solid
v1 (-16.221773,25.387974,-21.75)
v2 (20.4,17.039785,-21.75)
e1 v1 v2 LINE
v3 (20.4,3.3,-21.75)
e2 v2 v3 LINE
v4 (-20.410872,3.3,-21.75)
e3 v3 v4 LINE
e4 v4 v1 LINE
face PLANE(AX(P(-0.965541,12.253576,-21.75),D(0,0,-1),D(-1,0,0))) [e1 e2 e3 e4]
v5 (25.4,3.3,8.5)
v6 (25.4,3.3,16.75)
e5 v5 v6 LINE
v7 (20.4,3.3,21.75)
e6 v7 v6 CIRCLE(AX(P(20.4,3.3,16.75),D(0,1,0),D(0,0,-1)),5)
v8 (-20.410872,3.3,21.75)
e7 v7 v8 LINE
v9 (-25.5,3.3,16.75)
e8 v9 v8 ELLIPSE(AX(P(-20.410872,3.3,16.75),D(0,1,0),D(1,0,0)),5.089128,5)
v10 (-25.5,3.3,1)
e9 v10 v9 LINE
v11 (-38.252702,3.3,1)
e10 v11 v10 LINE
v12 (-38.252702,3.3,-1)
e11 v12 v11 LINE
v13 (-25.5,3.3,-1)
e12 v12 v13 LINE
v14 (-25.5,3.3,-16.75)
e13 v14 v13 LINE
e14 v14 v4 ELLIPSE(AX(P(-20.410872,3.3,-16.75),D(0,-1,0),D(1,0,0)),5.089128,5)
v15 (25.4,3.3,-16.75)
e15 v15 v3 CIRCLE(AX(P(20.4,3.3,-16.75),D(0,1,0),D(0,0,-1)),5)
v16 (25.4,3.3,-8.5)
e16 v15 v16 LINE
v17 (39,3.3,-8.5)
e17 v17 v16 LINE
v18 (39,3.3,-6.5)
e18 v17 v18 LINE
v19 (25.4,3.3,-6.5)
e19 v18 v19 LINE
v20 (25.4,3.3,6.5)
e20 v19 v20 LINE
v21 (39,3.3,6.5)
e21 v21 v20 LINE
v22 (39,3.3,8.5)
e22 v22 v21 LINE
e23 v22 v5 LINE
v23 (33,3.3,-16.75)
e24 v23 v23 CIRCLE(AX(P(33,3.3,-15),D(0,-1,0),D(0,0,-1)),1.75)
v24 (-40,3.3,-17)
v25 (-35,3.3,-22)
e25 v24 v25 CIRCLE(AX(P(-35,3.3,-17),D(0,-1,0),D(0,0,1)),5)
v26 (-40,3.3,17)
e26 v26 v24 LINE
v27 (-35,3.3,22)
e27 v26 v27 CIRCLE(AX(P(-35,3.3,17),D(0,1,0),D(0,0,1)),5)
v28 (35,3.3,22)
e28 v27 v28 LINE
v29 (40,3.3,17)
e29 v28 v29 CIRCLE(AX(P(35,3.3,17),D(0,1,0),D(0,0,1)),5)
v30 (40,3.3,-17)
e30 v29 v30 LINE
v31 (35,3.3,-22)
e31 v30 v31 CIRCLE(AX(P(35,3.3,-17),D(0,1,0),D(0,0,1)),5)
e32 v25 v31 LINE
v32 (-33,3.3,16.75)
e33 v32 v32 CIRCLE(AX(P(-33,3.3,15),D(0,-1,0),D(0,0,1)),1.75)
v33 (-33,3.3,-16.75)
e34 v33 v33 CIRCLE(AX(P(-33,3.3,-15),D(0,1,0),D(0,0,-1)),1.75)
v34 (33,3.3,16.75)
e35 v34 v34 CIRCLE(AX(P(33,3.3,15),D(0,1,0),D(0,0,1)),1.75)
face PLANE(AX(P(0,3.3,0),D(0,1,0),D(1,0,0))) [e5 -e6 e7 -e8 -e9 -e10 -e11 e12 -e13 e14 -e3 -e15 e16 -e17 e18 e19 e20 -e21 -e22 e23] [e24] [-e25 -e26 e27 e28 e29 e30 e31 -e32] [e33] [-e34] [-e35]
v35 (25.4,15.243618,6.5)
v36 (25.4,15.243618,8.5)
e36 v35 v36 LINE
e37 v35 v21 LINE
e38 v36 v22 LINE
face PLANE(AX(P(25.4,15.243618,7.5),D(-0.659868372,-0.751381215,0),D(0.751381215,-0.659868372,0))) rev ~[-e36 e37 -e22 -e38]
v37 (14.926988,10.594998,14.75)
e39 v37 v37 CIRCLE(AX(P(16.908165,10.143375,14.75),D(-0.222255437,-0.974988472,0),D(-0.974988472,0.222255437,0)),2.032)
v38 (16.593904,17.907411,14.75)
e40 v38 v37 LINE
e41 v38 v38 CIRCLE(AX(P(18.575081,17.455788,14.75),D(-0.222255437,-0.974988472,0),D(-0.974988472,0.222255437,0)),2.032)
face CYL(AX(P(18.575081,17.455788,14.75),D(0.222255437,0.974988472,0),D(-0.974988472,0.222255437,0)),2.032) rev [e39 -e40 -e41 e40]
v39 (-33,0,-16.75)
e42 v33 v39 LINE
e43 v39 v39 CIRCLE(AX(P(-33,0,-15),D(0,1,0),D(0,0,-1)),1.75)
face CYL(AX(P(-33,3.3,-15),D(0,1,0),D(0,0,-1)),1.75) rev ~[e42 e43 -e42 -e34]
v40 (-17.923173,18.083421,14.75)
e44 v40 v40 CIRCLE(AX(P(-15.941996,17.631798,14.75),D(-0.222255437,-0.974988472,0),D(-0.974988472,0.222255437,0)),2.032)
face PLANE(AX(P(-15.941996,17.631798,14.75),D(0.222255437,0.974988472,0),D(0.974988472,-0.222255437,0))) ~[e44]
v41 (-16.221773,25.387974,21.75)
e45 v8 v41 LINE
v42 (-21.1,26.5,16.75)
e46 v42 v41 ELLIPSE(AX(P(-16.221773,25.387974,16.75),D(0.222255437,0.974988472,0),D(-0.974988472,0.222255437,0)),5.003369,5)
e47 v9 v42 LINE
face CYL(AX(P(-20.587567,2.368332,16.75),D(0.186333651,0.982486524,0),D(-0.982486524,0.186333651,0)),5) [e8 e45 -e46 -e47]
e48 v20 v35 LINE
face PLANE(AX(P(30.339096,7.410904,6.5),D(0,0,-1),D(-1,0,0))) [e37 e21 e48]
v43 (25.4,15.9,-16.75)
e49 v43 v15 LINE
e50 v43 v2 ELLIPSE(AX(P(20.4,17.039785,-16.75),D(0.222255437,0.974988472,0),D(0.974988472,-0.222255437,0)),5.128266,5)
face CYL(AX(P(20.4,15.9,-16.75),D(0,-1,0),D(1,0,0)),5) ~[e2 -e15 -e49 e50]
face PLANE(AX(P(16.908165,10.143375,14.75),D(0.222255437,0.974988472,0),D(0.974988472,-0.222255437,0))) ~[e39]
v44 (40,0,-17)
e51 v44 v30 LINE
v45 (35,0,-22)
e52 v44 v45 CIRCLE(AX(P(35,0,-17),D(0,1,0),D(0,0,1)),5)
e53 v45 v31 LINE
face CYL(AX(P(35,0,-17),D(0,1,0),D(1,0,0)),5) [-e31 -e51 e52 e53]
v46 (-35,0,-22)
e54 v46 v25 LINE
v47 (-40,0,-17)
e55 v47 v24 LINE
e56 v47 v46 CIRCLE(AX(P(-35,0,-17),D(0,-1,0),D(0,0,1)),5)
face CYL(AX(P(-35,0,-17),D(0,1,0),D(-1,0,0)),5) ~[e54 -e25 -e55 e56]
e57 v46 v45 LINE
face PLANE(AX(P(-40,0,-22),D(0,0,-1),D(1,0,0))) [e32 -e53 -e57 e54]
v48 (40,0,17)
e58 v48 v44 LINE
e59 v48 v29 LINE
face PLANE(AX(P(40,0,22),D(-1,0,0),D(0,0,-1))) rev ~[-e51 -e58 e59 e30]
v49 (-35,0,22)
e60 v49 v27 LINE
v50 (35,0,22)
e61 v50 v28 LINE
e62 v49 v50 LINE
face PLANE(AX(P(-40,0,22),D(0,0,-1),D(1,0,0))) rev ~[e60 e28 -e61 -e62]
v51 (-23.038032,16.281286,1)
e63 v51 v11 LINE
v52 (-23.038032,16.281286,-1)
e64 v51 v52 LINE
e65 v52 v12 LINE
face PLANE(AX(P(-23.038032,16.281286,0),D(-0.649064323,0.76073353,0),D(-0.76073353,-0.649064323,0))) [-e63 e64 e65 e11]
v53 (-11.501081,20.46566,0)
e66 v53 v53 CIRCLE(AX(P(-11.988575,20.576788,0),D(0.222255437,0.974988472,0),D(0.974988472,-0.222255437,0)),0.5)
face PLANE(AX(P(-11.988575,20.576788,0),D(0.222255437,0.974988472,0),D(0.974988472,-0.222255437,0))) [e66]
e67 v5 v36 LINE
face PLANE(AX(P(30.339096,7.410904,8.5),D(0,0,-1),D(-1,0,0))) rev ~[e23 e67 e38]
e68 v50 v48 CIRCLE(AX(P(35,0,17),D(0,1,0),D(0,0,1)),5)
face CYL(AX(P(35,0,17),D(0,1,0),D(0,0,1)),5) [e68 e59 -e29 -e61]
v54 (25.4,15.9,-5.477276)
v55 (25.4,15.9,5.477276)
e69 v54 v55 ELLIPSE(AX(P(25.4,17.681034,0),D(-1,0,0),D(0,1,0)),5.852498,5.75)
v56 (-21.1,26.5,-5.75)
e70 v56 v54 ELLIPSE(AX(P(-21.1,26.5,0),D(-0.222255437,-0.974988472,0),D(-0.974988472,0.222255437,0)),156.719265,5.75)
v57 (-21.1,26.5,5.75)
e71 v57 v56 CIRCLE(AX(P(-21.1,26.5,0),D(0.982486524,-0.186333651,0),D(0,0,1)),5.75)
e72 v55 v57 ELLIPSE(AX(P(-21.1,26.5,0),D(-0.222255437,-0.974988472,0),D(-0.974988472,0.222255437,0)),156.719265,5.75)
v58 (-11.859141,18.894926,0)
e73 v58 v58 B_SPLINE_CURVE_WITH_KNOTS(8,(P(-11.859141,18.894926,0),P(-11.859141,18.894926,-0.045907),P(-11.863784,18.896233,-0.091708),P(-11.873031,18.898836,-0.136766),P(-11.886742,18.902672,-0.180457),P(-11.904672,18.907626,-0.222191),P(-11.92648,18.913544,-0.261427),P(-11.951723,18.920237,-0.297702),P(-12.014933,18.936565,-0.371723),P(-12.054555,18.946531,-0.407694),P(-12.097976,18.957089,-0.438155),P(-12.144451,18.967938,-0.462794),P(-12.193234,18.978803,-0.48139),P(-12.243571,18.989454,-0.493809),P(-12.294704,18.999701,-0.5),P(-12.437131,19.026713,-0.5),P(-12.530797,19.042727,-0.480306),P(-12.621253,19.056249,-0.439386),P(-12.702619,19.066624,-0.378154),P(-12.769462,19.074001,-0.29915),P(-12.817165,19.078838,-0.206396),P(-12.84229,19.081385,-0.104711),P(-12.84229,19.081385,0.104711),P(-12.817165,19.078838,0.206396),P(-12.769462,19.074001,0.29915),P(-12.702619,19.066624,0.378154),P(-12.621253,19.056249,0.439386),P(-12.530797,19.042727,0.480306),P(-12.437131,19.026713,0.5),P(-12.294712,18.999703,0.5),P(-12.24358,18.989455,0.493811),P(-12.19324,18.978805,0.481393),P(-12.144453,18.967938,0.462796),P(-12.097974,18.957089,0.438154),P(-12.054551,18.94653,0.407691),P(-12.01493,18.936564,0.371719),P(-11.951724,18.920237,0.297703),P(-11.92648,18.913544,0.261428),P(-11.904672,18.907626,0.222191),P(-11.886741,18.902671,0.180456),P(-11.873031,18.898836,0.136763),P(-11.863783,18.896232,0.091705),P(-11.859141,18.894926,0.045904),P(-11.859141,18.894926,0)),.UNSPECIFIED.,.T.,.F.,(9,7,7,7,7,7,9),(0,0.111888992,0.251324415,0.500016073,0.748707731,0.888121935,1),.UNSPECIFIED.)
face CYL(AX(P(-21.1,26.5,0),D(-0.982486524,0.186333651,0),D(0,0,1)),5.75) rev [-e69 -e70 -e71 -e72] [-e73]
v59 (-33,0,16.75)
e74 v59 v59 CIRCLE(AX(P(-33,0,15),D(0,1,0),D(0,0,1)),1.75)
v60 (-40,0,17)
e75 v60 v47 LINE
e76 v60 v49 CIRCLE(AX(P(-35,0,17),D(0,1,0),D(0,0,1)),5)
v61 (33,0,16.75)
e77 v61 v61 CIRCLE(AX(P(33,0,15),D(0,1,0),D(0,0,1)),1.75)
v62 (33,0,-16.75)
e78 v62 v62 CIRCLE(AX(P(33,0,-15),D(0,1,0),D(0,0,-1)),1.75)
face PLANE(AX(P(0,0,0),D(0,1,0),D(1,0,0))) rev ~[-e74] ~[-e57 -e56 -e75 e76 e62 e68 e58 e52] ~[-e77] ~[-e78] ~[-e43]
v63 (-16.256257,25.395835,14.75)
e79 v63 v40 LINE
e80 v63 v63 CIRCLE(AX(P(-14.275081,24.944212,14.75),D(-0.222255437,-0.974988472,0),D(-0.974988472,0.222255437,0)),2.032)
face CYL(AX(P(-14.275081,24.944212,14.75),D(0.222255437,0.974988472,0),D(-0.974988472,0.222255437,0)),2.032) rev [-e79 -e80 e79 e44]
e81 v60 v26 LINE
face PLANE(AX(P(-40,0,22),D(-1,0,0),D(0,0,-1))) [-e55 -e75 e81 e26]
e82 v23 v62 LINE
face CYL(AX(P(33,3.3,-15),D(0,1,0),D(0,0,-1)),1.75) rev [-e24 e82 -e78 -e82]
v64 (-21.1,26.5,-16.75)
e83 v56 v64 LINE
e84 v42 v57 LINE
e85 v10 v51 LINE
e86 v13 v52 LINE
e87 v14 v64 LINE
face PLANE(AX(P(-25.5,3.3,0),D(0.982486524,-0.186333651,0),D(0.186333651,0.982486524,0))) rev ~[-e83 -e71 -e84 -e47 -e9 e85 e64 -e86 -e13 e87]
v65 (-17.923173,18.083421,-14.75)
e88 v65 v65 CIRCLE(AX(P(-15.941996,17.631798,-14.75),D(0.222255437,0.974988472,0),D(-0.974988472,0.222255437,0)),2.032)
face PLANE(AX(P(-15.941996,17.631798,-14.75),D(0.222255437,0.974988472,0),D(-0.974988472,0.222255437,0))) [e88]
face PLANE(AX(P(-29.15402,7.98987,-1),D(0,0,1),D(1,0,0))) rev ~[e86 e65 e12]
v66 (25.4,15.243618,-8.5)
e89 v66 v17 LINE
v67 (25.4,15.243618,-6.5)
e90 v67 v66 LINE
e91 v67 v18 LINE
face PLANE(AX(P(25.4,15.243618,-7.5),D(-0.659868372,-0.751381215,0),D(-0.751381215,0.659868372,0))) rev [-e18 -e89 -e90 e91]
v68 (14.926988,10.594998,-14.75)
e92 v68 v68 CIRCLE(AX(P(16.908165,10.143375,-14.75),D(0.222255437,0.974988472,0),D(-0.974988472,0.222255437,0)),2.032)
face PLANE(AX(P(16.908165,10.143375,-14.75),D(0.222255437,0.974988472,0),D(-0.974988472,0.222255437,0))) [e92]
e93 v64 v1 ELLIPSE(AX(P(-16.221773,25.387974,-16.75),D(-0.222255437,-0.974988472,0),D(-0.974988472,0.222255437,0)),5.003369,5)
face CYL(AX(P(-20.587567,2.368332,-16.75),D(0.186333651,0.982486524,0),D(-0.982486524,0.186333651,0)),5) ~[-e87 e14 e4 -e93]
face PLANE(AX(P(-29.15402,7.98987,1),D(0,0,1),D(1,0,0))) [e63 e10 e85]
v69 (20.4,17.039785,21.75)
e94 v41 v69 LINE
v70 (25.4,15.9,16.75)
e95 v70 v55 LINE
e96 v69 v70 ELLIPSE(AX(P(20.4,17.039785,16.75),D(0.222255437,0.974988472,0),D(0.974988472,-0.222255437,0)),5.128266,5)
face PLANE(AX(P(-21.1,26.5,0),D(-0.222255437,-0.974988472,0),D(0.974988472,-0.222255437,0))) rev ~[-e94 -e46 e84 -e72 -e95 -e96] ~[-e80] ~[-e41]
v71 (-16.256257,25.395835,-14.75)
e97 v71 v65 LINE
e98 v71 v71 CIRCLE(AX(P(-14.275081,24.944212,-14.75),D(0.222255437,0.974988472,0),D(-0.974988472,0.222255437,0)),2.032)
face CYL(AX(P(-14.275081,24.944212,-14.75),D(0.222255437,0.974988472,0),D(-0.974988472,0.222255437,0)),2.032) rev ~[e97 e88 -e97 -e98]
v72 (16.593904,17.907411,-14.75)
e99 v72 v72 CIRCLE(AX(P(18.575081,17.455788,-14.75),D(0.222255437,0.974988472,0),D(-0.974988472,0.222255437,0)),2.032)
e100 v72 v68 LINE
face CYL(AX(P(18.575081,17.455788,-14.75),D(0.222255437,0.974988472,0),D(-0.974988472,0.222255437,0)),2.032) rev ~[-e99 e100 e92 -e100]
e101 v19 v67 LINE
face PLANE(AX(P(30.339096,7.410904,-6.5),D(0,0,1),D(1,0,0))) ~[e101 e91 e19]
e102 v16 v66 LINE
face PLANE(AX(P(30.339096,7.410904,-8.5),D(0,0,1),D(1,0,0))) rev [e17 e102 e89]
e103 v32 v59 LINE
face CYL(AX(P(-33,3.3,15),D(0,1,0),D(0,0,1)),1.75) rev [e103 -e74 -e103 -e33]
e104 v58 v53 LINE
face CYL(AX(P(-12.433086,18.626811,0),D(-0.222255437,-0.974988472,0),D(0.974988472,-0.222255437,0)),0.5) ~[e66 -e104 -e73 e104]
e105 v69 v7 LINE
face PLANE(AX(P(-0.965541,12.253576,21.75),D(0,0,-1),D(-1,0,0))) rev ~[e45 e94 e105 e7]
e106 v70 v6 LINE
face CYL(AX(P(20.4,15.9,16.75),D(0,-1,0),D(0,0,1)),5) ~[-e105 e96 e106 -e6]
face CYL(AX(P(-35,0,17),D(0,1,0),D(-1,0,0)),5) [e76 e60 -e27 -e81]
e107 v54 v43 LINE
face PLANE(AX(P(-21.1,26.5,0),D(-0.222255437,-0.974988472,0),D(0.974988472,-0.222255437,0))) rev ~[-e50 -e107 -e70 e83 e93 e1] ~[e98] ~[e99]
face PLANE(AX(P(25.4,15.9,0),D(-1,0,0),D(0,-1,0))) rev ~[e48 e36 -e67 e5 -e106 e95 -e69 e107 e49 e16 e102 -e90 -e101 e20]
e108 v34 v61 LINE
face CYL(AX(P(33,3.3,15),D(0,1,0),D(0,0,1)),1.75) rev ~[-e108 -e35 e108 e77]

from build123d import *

# Parameters (mm, degrees)
SKETCH2_W               = 80
SKETCH2_H               = 44
BOSS_EXTRUDE1_DEPTH     = 3.3
FILLET1_R               = 5
SKETCH3_R               = 1.75
CUT_EXTRUDE1_DEPTH      = 46.76996832
MIRROR2_COPY_1_SKETCH_R = 1.75
MIRROR2_COPY_1_DEPTH    = 46.76996832
BOSS_EXTRUDE2_DEPTH     = 21.75
FILLET2_R               = 5
CUT_EXTRUDE2_DEPTH      = 73.174242058
BOSS_EXTRUDE3_START     = -5.75
SKETCH10_R              = 0.5
BOSS_EXTRUDE3_DEPTH     = 2
BOSS_EXTRUDE4_DEPTH     = 1
BOSS_EXTRUDE5_DEPTH     = 1
SKETCH15_R              = 2.032
CUT_EXTRUDE3_DEPTH      = 7.5


with BuildPart() as part:
    # Sketch2 → Boss-Extrude1 (new body)
    with BuildSketch(Plane(origin=(0, 0, 0), x_dir=(1, 0, 0), z_dir=(0, 1, 0))):
        Rectangle(SKETCH2_W, SKETCH2_H)
    extrude(amount=BOSS_EXTRUDE1_DEPTH)

    # Fillet1
    fillet1_edges = [part.edges().sort_by_distance(p)[0] for p in [
        (40, 1.65, 22),
        (-40, 1.65, 22),
        (-40, 1.65, -22),
        (40, 1.65, -22),
    ]]
    fillet(fillet1_edges, radius=FILLET1_R)

    # Sketch3 → Cut-Extrude1 (cut, through all)
    with BuildSketch(Plane(origin=(0, 3.3, 0), x_dir=(1, 0, 0), z_dir=(0, 1, 0))):
        with Locations(Location((33, -15, 0), (0, 0, 270))):
            Circle(SKETCH3_R)
    cut_extrude1 = extrude(amount=-CUT_EXTRUDE1_DEPTH, mode=Mode.SUBTRACT)

    # Mirror1: Cut-Extrude1 across plane
    add(cut_extrude1.mirror(Plane.XY), mode=Mode.SUBTRACT)

    # Mirror2: Cut-Extrude1 across plane
    add(cut_extrude1.mirror(Plane(origin=(0, 0, 0), x_dir=(0, 0, 1), z_dir=(1, 0, 0))), mode=Mode.SUBTRACT)

    # Mirror2 copy 1 sketch → Mirror2 copy 1 (cut, through all)
    with BuildSketch(Plane(origin=(0, 3.3, 0), x_dir=(-1, 0, 0), z_dir=(0, 1, 0))):
        with Locations(Location((33, -15, 0), (0, 0, 270))):
            Circle(MIRROR2_COPY_1_SKETCH_R)
    extrude(amount=-MIRROR2_COPY_1_DEPTH, mode=Mode.SUBTRACT)

    # Sketch4 → Boss-Extrude2 (add, symmetric)
    with BuildSketch(Plane.XY):
        Polygon((-25.5, 3.3), (-21.1, 26.5), (25.4, 15.9), (25.4, 3.3), align=None)
    extrude(amount=BOSS_EXTRUDE2_DEPTH, both=True)

    # Fillet2
    fillet2_edges = [part.edges().sort_by_distance(p)[0] for p in [
        (25.4, 9.6, -21.75),
        (-23.3, 14.9, -21.75),
        (25.4, 9.6, 21.75),
        (-23.3, 14.9, 21.75),
    ]]
    fillet(fillet2_edges, radius=FILLET2_R)

    # Sketch9 → Cut-Extrude2 (cut, through all)
    with BuildSketch(Plane(origin=(-25.218766141, 4.78286944, 0), x_dir=(0, 0, 1), z_dir=(-0.9824865243069563, 0.18633365116166412, 0))):
        with BuildLine():
            Line((-5.75, 22.104252855), (5.75, 22.104252855))
            ThreePointArc((5.75, 22.104252855), (0, 16.354252855), (-5.75, 22.104252855))
        make_face()
    extrude(amount=-CUT_EXTRUDE2_DEPTH, mode=Mode.SUBTRACT)

    # Sketch10 → Boss-Extrude3 (add)
    with BuildSketch(Plane(origin=(4.700170139, 20.618670893, 0), x_dir=(0.9749884721737534, -0.22225543666756517, 0), z_dir=(0.2222554366675652, 0.9749884721737535, 0)).offset(BOSS_EXTRUDE3_START)):
        with Locations((-16.262025835, 0)):
            Circle(SKETCH10_R)
    extrude(amount=BOSS_EXTRUDE3_DEPTH)

    # Sketch12 → Boss-Extrude4 (add, symmetric)
    with BuildSketch(Plane.XY):
        Polygon((-23.038031878, 16.281286463), (-38.252702488, 3.3), (-25.5, 3.3), align=None)
    extrude(amount=BOSS_EXTRUDE4_DEPTH, both=True)

    # Sketch14 → Boss-Extrude5 (add, symmetric)
    with BuildSketch(Plane.XY.offset(7.5)):
        Polygon((25.4, 15.243617542), (39, 3.3), (25.4, 3.3), align=None)
    boss_extrude5 = extrude(amount=BOSS_EXTRUDE5_DEPTH, both=True)

    # Mirror3: Boss-Extrude5 across plane
    add(boss_extrude5.mirror(Plane.XY))

    # Sketch15 → Cut-Extrude3 (cut)
    with BuildSketch(Plane(origin=(4.700170139, 20.618670893, 0), x_dir=(0.9749884721737534, -0.22225543666756517, 0), z_dir=(0.2222554366675652, 0.9749884721737535, 0))):
        with Locations(Location((-19.462025835, 14.75, 0), (0, 0, 180))):
            Circle(SKETCH15_R)
        with Locations(Location((14.23084575, 14.75, 0), (0, 0, 180))):
            Circle(SKETCH15_R)
    cut_extrude3 = extrude(amount=-CUT_EXTRUDE3_DEPTH, mode=Mode.SUBTRACT)

    # Mirror4: Cut-Extrude3 across plane
    add(cut_extrude3.mirror(Plane.XY), mode=Mode.SUBTRACT)


solid = part.part
